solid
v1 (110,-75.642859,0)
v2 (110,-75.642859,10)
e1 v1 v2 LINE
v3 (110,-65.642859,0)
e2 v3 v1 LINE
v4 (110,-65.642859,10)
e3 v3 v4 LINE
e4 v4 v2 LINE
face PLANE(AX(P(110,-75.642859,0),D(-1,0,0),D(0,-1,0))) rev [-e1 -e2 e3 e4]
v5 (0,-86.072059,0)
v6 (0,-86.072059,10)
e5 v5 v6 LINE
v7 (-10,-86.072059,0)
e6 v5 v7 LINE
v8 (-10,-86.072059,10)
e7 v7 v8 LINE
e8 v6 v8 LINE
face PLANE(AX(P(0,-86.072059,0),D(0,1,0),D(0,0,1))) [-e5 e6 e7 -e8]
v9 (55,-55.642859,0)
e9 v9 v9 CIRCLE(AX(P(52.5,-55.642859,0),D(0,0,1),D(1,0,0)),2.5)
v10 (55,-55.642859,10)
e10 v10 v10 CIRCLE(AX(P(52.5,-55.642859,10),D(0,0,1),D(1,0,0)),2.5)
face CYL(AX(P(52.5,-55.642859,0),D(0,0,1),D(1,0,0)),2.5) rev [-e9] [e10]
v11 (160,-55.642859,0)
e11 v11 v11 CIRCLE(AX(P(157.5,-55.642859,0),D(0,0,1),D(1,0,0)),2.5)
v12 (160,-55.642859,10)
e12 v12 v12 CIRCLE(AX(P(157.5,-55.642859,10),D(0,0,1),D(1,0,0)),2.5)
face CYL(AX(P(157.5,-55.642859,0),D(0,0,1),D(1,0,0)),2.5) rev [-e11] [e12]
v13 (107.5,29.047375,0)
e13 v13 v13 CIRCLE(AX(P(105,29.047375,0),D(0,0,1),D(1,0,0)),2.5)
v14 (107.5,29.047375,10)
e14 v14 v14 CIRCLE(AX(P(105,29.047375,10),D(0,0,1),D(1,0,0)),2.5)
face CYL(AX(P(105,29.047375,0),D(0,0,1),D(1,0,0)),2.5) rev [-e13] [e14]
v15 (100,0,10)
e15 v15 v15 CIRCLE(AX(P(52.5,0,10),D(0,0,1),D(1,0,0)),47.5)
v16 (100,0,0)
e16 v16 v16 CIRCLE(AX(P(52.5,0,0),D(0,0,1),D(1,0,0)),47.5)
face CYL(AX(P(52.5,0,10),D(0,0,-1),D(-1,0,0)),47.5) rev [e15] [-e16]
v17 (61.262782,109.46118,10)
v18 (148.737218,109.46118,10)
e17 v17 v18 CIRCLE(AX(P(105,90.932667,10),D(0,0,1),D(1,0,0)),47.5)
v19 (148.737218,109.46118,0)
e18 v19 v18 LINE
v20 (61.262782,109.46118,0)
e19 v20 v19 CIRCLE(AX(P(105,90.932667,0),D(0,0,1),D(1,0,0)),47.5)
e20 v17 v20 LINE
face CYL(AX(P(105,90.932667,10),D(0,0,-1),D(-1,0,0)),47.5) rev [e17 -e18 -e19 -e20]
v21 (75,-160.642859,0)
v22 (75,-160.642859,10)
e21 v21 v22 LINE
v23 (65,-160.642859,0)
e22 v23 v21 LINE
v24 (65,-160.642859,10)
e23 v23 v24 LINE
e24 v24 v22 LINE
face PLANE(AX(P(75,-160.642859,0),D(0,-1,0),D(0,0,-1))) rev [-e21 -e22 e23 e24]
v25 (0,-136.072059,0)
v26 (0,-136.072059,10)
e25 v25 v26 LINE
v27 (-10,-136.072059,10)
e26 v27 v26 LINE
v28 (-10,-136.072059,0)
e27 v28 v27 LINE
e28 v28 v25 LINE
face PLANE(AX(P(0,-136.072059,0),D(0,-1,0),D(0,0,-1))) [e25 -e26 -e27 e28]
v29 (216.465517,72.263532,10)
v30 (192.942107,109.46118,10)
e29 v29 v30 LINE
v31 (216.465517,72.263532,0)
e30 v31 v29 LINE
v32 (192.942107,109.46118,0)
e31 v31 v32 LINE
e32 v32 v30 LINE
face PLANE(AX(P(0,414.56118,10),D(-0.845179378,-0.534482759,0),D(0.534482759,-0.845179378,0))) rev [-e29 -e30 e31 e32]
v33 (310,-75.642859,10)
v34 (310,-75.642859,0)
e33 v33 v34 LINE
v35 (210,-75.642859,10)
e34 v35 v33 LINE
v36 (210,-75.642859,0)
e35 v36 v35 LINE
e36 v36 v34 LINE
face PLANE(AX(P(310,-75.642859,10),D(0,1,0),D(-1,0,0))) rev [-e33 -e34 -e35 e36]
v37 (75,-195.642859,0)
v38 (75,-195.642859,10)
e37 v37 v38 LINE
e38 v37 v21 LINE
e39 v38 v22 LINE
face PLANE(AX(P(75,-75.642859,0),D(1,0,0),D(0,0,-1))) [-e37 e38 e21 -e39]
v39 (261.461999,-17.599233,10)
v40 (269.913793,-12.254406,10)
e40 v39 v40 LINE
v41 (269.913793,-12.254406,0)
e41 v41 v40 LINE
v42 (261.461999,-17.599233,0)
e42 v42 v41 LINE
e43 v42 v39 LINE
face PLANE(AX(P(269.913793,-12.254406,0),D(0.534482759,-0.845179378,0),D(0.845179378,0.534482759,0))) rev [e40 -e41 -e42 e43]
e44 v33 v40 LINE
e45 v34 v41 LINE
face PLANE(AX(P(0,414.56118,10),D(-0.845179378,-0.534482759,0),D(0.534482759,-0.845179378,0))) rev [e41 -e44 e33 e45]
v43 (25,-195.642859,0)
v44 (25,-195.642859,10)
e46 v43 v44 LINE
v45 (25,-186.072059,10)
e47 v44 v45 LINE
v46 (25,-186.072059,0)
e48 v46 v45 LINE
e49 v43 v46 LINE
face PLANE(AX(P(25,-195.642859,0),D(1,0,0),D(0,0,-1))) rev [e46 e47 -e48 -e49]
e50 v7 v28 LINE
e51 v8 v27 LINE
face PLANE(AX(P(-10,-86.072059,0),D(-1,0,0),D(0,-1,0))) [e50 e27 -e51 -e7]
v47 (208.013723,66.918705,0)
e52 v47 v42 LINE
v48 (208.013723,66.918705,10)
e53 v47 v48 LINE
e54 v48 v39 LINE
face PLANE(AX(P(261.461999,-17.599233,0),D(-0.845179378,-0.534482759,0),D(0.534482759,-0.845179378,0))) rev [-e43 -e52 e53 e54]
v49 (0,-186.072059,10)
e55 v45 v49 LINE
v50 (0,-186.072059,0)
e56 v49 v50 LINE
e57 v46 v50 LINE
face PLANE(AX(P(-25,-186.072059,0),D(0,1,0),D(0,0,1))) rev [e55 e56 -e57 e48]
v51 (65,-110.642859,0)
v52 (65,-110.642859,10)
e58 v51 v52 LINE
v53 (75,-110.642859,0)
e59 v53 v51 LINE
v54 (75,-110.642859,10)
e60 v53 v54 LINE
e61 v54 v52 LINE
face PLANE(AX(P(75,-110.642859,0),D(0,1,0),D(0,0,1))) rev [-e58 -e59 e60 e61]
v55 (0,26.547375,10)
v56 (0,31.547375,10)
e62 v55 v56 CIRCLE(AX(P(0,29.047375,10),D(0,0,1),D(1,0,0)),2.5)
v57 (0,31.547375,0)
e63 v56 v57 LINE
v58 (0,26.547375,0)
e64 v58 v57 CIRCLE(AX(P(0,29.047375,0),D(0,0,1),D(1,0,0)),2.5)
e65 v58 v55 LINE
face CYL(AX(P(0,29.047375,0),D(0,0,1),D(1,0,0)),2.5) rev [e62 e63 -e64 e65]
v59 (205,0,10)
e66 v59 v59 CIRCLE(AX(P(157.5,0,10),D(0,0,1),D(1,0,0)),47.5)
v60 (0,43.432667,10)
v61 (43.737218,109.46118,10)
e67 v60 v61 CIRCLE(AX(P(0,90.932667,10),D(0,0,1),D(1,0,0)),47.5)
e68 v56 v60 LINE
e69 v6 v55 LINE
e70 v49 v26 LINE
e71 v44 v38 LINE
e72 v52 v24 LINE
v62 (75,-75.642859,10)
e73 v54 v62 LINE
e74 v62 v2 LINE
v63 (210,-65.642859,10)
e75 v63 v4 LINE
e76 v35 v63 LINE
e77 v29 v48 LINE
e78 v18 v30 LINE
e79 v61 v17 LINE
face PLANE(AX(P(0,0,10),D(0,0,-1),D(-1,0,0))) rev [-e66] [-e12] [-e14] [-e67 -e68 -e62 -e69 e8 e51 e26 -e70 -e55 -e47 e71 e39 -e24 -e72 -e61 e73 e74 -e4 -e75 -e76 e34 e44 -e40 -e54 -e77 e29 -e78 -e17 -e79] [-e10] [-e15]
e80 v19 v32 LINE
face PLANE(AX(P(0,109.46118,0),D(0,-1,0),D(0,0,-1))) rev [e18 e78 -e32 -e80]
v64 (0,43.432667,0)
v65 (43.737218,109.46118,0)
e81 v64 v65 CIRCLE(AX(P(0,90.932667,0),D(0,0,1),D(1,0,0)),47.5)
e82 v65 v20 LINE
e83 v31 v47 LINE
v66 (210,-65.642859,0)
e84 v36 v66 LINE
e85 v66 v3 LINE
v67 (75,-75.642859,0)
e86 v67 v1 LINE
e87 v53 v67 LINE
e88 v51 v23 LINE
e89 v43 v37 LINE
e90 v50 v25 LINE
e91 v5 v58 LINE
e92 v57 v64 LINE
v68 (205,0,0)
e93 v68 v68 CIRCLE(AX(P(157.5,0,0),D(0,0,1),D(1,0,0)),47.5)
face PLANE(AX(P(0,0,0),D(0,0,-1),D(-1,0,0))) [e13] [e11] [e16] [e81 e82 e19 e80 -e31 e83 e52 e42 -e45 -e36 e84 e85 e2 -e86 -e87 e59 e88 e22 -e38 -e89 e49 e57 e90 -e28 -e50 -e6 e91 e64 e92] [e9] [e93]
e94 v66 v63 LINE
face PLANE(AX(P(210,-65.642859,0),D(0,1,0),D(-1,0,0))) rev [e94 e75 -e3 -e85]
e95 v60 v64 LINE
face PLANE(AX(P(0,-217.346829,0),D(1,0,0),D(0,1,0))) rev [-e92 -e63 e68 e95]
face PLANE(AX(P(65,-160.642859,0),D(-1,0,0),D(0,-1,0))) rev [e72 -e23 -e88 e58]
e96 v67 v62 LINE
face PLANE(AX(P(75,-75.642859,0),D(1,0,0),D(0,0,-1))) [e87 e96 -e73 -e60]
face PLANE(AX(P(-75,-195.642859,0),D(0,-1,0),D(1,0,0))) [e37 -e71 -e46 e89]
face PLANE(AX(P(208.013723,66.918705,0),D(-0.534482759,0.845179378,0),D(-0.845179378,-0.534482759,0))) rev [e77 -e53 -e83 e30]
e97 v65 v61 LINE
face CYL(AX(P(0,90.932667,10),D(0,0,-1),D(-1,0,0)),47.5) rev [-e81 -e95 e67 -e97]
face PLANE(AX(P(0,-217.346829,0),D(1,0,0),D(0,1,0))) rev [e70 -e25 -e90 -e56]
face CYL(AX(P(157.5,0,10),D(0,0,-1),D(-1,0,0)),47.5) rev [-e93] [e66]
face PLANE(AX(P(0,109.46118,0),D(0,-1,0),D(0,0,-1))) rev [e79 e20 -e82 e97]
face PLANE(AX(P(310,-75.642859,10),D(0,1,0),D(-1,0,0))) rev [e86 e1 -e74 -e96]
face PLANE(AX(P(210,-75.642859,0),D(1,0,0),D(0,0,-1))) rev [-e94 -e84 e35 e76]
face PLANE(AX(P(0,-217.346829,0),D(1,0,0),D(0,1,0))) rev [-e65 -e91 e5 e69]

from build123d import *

# Parameters (mm, degrees)
ESQUISSE1_R             = 47.5
BOSS_EXTRU_1_DEPTH      = 10
ESQUISSE3_W             = 100
ESQUISSE3_H             = 10
ENL_V_MAT_EXTRU_1_DEPTH = 11
ESQUISSE4_R             = 2.5
ENL_V_MAT_EXTRU_2_DEPTH = 11
ESQUISSE6_W             = 150
ESQUISSE6_H             = 120
BOSS_EXTRU_2_DEPTH      = 10
ESQUISSE7_W             = 10
ESQUISSE7_H             = 50
ESQUISSE7_W_2           = 50
ESQUISSE7_H_2           = 9.570800355
ENL_V_MAT_EXTRU_3_DEPTH = 10
ENL_V_MAT_EXTRU_4_DEPTH = 10
ESQUISSE9_W             = 10
ESQUISSE9_H             = 50
BOSS_EXTRU_3_DEPTH      = 10


with BuildPart() as part:
    # Esquisse1 → Boss.-Extru.1 (new body)
    with BuildSketch(Plane.XY):
        Polygon((-310, -75.642859016), (0, 414.561180135), (310, -75.642859016), align=None)
        with Locations((-157.5, 0)):
            Circle(ESQUISSE1_R, mode=Mode.SUBTRACT)
        with Locations((-52.5, 0)):
            Circle(ESQUISSE1_R, mode=Mode.SUBTRACT)
        with Locations((52.5, 0)):
            Circle(ESQUISSE1_R, mode=Mode.SUBTRACT)
        with Locations((157.5, 0)):
            Circle(ESQUISSE1_R, mode=Mode.SUBTRACT)
        with Locations((-105, 90.932667397)):
            Circle(ESQUISSE1_R, mode=Mode.SUBTRACT)
        with Locations((0, 90.932667397)):
            Circle(ESQUISSE1_R, mode=Mode.SUBTRACT)
        with Locations((105, 90.932667397)):
            Circle(ESQUISSE1_R, mode=Mode.SUBTRACT)
        with Locations((-52.5, 181.865334795)):
            Circle(ESQUISSE1_R, mode=Mode.SUBTRACT)
        with Locations((52.5, 181.865334795)):
            Circle(ESQUISSE1_R, mode=Mode.SUBTRACT)
        with Locations((0, 272.798002192)):
            Circle(ESQUISSE1_R, mode=Mode.SUBTRACT)
    extrude(amount=BOSS_EXTRU_1_DEPTH)

    # Esquisse3 → Enlèv. mat.-Extru.1 (cut, through all)
    with BuildSketch(Plane.XY.offset(10)):
        Polygon((-269.913793103, -12.254405678), (-261.461999325, -17.599233264), (-208.013723463, 66.918704521), (-216.465517241, 72.263532107), align=None)
        Polygon((-181.724137931, 127.200191667), (-173.272344153, 121.855364081), (-119.82406829, 206.373301865), (-128.275862069, 211.718129452), align=None)
        Polygon((-93.534482759, 266.654789012), (-85.08268898, 261.309961425), (-31.634413118, 345.82789921), (-40.086206897, 351.172726796), align=None)
        Polygon((269.913793103, -12.254405678), (261.461999325, -17.599233264), (208.013723463, 66.918704521), (216.465517241, 72.263532107), align=None)
        Polygon((181.724137931, 127.200191667), (173.272344153, 121.855364081), (119.82406829, 206.373301865), (128.275862069, 211.718129452), align=None)
        Polygon((93.534482759, 266.654789012), (85.08268898, 261.309961425), (31.634413118, 345.82789921), (40.086206897, 351.172726796), align=None)
        with Locations((-160, -70.642859016)):
            Rectangle(ESQUISSE3_W, ESQUISSE3_H)
        with Locations((160, -70.642859016)):
            Rectangle(ESQUISSE3_W, ESQUISSE3_H)
    extrude(amount=-ENL_V_MAT_EXTRU_1_DEPTH, mode=Mode.SUBTRACT)

    # Esquisse4 → Enlèv. mat.-Extru.2 (cut, through all)
    with BuildSketch(Plane.XY.offset(10)):
        with Locations((-157.5, -55.642859016)):
            Circle(ESQUISSE4_R)
        with Locations((-52.5, -55.642859016)):
            Circle(ESQUISSE4_R)
        with Locations((52.5, -55.642859016)):
            Circle(ESQUISSE4_R)
        with Locations((157.5, -55.642859016)):
            Circle(ESQUISSE4_R)
        with Locations((-105, 29.047375097)):
            Circle(ESQUISSE4_R)
        with Locations((0, 29.047375097)):
            Circle(ESQUISSE4_R)
        with Locations((105, 29.047375097)):
            Circle(ESQUISSE4_R)
        with Locations((-52.5, 119.980042494)):
            Circle(ESQUISSE4_R)
        with Locations((52.5, 119.980042494)):
            Circle(ESQUISSE4_R)
        with Locations((0, 210.912709891)):
            Circle(ESQUISSE4_R)
    extrude(amount=-ENL_V_MAT_EXTRU_2_DEPTH, mode=Mode.SUBTRACT)

    # Esquisse6 → Boss.-Extru.2 (add)
    with BuildSketch(Plane.XY.offset(10)):
        with Locations((0, -135.642859016)):
            Rectangle(ESQUISSE6_W, ESQUISSE6_H)
    extrude(amount=-BOSS_EXTRU_2_DEPTH)

    # Esquisse7 → Enlèv. mat.-Extru.3 (cut)
    with BuildSketch(Plane.XY.offset(10)):
        with Locations((-70, -135.642859016)):
            Rectangle(ESQUISSE7_W, ESQUISSE7_H)
        with Locations((0, -190.857458839)):
            Rectangle(ESQUISSE7_W_2, ESQUISSE7_H_2)
        with Locations((70, -135.642859016)):
            Rectangle(ESQUISSE7_W, ESQUISSE7_H)
    extrude(amount=-ENL_V_MAT_EXTRU_3_DEPTH, mode=Mode.SUBTRACT)

    # Esquisse8 → Enlèv. mat.-Extru.4 (cut)
    with BuildSketch(Plane.XY.offset(10)):
        Polygon((0, -217.346828515), (0, 109.461180135), (292.569272736, 109.461180135), (292.569272736, 414.561180135), (0, 414.561180135), (-356.657737224, 414.561180135), (-356.657737224, -217.346828515), align=None)
    extrude(amount=-ENL_V_MAT_EXTRU_4_DEPTH, mode=Mode.SUBTRACT)

    # Esquisse9 → Boss.-Extru.3 (add)
    with BuildSketch(Plane.XY.offset(10)):
        with Locations((-5, -111.072058661)):
            Rectangle(ESQUISSE9_W, ESQUISSE9_H)
    extrude(amount=-BOSS_EXTRU_3_DEPTH)


solid = part.part
